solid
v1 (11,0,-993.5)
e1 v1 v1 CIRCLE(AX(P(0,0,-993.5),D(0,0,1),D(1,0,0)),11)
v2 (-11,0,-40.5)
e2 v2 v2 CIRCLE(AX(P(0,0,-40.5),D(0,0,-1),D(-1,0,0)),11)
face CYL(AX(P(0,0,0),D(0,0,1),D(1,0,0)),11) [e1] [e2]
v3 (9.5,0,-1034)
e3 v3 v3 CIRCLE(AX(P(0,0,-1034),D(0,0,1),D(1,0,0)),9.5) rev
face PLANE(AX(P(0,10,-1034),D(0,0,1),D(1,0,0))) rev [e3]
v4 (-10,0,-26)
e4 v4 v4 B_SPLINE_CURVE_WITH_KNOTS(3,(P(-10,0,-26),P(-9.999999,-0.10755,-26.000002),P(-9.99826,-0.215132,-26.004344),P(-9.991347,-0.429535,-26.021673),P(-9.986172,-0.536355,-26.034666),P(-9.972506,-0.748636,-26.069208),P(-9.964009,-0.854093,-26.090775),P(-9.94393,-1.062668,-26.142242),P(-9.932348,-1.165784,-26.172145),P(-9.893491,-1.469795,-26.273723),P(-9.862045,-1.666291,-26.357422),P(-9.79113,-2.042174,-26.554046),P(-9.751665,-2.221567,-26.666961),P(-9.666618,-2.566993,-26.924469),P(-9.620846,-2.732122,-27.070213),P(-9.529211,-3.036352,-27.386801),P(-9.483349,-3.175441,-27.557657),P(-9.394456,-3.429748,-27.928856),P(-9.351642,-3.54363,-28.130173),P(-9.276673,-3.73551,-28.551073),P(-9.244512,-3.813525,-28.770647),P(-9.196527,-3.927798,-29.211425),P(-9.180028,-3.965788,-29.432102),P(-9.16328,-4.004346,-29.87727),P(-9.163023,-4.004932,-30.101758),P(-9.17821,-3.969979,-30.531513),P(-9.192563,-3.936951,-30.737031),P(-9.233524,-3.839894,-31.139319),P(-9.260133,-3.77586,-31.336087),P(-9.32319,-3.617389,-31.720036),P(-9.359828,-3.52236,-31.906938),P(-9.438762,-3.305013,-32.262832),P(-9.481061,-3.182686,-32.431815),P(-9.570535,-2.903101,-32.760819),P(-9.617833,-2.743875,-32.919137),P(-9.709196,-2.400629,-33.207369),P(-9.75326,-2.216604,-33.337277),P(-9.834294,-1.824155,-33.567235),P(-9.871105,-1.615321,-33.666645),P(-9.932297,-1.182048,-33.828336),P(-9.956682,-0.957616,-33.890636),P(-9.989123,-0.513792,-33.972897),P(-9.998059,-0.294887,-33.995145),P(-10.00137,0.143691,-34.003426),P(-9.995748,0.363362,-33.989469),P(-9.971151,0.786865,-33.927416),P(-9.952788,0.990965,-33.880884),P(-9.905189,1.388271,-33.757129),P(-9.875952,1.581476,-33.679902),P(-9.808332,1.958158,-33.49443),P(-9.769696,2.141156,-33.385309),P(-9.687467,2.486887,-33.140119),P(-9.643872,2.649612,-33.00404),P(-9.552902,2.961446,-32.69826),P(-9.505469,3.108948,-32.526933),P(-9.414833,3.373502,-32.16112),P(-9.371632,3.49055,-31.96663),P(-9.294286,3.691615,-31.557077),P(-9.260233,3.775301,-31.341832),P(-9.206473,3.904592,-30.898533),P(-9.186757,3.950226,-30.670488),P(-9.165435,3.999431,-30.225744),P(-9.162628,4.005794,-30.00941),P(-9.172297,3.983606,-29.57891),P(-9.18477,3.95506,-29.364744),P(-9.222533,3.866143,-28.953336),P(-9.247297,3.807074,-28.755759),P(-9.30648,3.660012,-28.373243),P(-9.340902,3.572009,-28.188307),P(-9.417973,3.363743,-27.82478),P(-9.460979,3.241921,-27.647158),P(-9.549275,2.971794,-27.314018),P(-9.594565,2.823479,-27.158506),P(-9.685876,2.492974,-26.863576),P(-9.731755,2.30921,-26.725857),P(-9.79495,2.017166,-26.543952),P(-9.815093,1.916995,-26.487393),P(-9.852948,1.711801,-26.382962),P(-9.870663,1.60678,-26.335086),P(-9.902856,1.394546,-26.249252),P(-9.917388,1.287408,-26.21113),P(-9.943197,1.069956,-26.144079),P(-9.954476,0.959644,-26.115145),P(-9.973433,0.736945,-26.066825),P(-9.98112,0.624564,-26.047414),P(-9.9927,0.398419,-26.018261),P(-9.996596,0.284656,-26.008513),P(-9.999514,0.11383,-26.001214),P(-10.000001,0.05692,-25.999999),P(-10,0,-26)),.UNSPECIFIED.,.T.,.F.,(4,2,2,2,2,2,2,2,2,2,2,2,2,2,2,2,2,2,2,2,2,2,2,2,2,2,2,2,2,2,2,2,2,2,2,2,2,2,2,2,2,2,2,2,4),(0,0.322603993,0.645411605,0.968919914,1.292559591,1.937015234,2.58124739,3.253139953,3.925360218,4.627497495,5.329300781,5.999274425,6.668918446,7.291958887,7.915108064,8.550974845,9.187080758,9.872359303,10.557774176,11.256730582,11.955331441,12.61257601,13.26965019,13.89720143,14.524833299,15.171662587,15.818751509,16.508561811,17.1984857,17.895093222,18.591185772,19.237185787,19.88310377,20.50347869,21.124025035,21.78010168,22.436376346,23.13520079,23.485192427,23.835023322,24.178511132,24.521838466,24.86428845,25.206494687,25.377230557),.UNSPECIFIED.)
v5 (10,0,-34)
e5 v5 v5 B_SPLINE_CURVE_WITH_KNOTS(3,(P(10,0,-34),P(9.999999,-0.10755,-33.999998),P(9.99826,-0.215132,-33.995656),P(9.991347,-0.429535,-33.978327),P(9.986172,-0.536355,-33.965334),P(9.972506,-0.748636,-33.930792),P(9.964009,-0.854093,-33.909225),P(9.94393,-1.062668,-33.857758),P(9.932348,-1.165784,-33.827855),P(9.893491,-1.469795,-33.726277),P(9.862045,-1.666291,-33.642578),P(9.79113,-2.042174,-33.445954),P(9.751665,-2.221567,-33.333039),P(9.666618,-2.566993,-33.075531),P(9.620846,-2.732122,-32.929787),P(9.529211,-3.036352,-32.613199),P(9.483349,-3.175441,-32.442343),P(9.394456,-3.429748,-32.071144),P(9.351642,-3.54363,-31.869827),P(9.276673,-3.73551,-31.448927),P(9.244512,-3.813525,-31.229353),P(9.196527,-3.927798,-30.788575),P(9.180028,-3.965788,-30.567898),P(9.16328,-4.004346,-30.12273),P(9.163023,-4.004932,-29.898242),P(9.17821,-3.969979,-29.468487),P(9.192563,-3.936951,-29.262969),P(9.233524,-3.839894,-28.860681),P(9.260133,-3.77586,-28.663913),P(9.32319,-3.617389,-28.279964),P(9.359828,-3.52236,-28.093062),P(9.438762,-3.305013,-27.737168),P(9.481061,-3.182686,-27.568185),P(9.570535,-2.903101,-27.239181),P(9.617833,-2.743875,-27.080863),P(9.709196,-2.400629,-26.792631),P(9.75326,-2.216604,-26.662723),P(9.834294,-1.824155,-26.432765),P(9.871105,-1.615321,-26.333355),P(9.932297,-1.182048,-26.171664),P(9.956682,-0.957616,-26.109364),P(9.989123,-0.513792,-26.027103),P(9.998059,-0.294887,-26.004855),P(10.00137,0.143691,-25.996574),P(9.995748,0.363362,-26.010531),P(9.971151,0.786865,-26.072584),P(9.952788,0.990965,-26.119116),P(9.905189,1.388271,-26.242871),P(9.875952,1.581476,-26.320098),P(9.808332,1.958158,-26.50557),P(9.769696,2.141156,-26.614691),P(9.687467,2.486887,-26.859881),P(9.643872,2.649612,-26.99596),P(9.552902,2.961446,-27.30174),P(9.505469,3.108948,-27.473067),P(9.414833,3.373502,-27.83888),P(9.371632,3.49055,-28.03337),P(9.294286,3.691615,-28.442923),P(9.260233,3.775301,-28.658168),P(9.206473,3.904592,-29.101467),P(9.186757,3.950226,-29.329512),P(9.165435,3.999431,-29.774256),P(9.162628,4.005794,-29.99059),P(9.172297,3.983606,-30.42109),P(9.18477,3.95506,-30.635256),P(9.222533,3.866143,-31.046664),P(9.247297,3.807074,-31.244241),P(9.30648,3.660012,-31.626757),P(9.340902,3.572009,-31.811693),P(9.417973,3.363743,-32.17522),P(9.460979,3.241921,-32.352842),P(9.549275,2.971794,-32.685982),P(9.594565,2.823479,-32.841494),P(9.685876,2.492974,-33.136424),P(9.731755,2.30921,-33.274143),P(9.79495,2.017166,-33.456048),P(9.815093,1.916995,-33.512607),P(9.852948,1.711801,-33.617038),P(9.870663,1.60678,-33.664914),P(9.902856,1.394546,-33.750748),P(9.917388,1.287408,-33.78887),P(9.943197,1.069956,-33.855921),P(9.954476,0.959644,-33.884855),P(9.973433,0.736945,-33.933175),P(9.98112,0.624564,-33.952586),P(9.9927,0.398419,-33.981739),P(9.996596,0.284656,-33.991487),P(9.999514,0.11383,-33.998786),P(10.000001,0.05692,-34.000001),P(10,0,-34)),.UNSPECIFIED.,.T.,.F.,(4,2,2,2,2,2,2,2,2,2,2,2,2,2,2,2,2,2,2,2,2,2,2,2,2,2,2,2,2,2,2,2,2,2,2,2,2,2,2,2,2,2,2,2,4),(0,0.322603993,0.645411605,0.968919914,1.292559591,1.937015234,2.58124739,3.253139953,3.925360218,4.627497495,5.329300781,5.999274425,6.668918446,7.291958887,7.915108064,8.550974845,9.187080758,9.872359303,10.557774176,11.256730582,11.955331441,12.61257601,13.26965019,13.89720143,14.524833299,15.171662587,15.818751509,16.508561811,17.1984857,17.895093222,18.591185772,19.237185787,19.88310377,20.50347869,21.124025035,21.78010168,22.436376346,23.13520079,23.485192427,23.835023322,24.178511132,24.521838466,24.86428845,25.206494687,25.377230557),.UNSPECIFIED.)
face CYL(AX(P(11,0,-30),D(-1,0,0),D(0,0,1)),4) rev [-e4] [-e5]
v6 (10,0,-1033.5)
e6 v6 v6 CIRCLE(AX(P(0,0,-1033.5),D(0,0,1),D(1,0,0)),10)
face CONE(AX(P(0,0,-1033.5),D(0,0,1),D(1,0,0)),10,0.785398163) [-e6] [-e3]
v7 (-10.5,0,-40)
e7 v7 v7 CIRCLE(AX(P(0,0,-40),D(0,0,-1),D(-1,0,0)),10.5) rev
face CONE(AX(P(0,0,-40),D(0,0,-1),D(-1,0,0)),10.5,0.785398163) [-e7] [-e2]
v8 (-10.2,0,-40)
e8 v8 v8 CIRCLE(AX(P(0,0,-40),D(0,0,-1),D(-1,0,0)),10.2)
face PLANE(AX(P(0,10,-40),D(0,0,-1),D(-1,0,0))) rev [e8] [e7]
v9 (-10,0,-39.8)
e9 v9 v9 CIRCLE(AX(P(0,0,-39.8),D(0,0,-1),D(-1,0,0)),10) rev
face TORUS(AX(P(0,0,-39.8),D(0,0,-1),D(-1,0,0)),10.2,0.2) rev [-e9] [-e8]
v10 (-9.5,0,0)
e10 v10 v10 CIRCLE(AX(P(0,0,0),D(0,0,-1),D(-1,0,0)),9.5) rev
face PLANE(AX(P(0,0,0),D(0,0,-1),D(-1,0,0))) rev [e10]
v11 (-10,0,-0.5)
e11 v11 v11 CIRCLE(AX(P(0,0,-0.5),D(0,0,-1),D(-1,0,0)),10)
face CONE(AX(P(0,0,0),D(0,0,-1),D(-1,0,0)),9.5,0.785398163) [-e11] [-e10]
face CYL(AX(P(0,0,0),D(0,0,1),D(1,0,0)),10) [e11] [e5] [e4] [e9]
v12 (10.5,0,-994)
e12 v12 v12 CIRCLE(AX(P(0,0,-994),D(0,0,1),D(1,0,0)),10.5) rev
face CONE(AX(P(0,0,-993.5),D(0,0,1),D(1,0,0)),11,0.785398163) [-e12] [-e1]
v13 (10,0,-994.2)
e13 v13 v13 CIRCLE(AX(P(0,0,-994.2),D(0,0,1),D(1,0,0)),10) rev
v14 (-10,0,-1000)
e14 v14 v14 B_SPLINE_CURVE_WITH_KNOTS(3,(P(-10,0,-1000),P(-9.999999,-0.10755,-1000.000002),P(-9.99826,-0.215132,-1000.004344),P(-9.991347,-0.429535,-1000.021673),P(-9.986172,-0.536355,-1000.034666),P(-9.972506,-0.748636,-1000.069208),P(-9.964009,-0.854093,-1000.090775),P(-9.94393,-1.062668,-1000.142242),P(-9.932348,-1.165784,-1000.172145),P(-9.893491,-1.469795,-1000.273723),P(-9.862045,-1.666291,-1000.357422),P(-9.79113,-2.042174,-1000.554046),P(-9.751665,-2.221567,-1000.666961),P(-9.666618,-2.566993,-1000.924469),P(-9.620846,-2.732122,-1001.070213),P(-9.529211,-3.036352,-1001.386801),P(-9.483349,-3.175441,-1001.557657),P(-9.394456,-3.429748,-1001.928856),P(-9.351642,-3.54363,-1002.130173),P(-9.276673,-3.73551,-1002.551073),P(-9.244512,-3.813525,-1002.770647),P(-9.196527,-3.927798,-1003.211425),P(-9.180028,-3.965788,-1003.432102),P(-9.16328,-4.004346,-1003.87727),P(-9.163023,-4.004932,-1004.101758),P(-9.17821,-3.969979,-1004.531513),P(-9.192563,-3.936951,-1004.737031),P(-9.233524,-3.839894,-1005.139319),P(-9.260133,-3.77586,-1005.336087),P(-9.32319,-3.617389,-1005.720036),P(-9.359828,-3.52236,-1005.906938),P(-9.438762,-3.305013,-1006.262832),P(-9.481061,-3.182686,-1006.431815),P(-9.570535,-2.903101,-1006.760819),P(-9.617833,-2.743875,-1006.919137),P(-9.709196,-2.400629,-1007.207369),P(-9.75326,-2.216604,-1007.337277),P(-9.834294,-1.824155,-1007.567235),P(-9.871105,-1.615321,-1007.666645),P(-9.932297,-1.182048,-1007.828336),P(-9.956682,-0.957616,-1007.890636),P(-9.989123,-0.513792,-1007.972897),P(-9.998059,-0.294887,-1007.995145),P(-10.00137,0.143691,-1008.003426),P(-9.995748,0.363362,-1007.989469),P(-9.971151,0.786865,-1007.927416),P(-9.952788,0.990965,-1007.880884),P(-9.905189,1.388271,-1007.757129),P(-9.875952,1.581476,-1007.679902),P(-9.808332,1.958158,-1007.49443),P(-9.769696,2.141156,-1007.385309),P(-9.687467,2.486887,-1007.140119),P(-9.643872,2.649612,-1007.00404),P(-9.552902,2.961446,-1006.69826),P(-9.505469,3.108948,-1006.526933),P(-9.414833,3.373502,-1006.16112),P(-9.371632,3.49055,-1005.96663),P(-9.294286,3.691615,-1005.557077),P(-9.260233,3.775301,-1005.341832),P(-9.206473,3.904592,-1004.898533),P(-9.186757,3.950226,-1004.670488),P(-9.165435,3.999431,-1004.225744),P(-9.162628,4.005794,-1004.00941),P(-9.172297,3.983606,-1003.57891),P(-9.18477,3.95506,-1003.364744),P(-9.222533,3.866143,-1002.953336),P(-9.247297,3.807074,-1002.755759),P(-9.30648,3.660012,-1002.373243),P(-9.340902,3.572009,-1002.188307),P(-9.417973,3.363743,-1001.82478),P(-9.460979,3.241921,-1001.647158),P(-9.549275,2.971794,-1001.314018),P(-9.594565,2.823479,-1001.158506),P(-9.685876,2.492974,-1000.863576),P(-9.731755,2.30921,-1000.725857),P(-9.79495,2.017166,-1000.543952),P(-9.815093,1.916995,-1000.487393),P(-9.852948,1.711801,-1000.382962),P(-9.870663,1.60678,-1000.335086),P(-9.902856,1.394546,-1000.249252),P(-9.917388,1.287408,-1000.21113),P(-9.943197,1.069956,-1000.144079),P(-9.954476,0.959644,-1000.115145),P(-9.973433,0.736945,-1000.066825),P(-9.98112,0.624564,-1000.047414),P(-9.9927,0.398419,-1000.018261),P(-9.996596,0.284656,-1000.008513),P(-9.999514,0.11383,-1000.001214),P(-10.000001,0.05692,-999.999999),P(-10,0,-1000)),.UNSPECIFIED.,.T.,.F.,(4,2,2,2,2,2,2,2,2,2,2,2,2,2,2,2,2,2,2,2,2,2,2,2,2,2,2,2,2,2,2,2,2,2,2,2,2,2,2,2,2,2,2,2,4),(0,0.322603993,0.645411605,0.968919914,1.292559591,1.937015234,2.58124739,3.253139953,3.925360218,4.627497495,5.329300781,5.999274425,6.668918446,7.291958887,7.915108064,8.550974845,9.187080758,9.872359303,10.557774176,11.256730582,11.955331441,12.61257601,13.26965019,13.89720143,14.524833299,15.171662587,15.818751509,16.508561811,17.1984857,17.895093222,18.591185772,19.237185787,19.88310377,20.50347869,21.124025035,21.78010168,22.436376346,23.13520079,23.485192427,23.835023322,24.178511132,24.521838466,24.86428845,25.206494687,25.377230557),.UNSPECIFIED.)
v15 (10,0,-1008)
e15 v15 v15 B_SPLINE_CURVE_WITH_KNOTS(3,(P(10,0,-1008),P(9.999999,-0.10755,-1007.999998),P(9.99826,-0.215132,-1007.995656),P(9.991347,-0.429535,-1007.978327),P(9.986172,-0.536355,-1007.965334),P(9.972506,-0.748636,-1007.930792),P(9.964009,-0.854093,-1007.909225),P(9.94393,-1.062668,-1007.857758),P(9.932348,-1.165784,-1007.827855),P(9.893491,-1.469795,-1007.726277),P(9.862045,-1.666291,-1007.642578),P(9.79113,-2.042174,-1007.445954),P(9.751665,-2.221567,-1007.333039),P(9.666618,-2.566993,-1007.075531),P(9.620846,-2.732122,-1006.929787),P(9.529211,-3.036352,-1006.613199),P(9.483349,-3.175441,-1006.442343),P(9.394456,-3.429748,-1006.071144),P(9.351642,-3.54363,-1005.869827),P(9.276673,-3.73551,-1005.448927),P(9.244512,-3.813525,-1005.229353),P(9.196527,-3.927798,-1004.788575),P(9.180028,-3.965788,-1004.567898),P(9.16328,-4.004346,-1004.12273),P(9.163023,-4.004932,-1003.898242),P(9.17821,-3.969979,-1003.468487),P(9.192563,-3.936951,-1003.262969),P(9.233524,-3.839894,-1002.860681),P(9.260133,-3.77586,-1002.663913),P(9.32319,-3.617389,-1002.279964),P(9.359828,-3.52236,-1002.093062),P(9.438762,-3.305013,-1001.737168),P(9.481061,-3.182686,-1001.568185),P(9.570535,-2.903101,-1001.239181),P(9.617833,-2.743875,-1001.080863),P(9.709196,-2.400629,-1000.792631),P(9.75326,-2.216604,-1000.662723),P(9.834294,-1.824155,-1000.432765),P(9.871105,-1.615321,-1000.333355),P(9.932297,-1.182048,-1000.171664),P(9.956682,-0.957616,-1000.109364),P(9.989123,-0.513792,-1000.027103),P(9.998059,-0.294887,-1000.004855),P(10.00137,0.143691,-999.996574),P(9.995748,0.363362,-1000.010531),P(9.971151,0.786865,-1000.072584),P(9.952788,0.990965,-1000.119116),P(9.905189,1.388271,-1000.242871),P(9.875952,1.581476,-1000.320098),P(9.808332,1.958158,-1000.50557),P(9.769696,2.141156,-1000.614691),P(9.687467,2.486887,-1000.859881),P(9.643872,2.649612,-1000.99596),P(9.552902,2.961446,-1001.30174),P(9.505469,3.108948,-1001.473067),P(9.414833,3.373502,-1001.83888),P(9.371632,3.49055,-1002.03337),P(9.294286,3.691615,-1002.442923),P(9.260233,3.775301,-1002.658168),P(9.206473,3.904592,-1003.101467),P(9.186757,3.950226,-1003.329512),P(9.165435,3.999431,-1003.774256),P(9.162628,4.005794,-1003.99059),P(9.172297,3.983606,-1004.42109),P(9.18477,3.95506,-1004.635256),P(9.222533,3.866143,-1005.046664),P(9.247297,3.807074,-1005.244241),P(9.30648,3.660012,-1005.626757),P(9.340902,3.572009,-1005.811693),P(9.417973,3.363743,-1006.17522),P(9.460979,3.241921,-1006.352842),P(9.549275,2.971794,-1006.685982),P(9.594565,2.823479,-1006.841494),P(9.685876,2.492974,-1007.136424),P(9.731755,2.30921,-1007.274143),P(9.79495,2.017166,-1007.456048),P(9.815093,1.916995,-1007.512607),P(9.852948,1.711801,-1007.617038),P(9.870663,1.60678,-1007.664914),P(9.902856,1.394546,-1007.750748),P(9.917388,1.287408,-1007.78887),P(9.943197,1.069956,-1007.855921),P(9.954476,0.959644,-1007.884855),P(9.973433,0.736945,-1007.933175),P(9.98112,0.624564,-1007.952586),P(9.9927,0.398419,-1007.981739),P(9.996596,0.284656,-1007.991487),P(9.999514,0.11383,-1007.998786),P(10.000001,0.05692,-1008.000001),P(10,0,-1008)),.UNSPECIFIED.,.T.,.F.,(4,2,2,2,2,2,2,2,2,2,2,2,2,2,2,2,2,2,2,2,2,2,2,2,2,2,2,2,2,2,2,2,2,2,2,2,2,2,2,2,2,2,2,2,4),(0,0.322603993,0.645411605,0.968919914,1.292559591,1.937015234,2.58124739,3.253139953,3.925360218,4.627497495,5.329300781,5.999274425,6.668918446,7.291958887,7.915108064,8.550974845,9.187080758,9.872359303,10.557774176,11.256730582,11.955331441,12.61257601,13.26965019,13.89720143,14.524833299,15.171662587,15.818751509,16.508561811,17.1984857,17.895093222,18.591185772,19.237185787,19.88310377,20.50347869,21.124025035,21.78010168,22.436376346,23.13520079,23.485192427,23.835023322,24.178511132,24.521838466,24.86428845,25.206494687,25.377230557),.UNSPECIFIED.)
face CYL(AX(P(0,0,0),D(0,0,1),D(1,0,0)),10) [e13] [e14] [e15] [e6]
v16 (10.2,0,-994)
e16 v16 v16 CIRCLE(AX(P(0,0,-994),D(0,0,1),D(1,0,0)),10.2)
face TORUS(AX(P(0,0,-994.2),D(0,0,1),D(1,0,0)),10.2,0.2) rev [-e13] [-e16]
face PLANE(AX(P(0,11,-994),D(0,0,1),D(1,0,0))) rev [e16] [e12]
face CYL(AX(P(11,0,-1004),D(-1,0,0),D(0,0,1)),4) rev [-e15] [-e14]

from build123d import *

# Parameters (mm, degrees)
SKETCH_2_R          = 4
CUT_EXTRUDE_1_DEPTH = 1035.271724452
SKETCH_3_R          = 4
CUT_EXTRUDE_2_DEPTH = 1035.271724452
FILLET_1_R          = 0.2
CHAMFER_1_SIZE      = 0.5


with BuildPart() as part:
    # Эскиз1 → Повернуть1 (revolve)
    with BuildSketch(Plane(origin=(0, 0, 0), x_dir=(0, 0, -1), z_dir=(1, 0, 0)), mode=Mode.PRIVATE) as revolve_1_sk:
        Polygon((0, 0), (0, 10), (40, 10), (40, 11), (994, 11), (994, 10), (1034, 10), (1034, 0), align=None)
    revolve(revolve_1_sk.sketch.rotate(Axis((0, 0, 0), (0, 0, -1)), 90), axis=Axis((0, 0, 0), (0, 0, -1)))

    # Эскиз2 → Вырез-Вытянуть1 (cut, through all)
    with BuildSketch(Plane.ZY.offset(10)):
        with Locations((-30, 0)):
            Circle(SKETCH_2_R)
    extrude(amount=-CUT_EXTRUDE_1_DEPTH, mode=Mode.SUBTRACT)

    # Эскиз3 → Вырез-Вытянуть2 (cut, through all)
    with BuildSketch(Plane.ZY.offset(10)):
        with Locations((-1004, 0)):
            Circle(SKETCH_3_R)
    extrude(amount=-CUT_EXTRUDE_2_DEPTH, mode=Mode.SUBTRACT)

    # Скругление1
    fillet_1_edges = [part.edges().sort_by_distance(p)[0] for p in [
        (-10, 0, -994),
        (-10, 0, -40),
    ]]
    fillet(fillet_1_edges, radius=FILLET_1_R)

    # Фаска1
    chamfer_1_edges = [part.edges().sort_by_distance(p)[0] for p in [
        (-10, 0, -1034),
        (-11, 0, -994),
        (-11, 0, -40),
        (-10, 0, 0),
    ]]
    chamfer(chamfer_1_edges, length=CHAMFER_1_SIZE)


solid = part.part
